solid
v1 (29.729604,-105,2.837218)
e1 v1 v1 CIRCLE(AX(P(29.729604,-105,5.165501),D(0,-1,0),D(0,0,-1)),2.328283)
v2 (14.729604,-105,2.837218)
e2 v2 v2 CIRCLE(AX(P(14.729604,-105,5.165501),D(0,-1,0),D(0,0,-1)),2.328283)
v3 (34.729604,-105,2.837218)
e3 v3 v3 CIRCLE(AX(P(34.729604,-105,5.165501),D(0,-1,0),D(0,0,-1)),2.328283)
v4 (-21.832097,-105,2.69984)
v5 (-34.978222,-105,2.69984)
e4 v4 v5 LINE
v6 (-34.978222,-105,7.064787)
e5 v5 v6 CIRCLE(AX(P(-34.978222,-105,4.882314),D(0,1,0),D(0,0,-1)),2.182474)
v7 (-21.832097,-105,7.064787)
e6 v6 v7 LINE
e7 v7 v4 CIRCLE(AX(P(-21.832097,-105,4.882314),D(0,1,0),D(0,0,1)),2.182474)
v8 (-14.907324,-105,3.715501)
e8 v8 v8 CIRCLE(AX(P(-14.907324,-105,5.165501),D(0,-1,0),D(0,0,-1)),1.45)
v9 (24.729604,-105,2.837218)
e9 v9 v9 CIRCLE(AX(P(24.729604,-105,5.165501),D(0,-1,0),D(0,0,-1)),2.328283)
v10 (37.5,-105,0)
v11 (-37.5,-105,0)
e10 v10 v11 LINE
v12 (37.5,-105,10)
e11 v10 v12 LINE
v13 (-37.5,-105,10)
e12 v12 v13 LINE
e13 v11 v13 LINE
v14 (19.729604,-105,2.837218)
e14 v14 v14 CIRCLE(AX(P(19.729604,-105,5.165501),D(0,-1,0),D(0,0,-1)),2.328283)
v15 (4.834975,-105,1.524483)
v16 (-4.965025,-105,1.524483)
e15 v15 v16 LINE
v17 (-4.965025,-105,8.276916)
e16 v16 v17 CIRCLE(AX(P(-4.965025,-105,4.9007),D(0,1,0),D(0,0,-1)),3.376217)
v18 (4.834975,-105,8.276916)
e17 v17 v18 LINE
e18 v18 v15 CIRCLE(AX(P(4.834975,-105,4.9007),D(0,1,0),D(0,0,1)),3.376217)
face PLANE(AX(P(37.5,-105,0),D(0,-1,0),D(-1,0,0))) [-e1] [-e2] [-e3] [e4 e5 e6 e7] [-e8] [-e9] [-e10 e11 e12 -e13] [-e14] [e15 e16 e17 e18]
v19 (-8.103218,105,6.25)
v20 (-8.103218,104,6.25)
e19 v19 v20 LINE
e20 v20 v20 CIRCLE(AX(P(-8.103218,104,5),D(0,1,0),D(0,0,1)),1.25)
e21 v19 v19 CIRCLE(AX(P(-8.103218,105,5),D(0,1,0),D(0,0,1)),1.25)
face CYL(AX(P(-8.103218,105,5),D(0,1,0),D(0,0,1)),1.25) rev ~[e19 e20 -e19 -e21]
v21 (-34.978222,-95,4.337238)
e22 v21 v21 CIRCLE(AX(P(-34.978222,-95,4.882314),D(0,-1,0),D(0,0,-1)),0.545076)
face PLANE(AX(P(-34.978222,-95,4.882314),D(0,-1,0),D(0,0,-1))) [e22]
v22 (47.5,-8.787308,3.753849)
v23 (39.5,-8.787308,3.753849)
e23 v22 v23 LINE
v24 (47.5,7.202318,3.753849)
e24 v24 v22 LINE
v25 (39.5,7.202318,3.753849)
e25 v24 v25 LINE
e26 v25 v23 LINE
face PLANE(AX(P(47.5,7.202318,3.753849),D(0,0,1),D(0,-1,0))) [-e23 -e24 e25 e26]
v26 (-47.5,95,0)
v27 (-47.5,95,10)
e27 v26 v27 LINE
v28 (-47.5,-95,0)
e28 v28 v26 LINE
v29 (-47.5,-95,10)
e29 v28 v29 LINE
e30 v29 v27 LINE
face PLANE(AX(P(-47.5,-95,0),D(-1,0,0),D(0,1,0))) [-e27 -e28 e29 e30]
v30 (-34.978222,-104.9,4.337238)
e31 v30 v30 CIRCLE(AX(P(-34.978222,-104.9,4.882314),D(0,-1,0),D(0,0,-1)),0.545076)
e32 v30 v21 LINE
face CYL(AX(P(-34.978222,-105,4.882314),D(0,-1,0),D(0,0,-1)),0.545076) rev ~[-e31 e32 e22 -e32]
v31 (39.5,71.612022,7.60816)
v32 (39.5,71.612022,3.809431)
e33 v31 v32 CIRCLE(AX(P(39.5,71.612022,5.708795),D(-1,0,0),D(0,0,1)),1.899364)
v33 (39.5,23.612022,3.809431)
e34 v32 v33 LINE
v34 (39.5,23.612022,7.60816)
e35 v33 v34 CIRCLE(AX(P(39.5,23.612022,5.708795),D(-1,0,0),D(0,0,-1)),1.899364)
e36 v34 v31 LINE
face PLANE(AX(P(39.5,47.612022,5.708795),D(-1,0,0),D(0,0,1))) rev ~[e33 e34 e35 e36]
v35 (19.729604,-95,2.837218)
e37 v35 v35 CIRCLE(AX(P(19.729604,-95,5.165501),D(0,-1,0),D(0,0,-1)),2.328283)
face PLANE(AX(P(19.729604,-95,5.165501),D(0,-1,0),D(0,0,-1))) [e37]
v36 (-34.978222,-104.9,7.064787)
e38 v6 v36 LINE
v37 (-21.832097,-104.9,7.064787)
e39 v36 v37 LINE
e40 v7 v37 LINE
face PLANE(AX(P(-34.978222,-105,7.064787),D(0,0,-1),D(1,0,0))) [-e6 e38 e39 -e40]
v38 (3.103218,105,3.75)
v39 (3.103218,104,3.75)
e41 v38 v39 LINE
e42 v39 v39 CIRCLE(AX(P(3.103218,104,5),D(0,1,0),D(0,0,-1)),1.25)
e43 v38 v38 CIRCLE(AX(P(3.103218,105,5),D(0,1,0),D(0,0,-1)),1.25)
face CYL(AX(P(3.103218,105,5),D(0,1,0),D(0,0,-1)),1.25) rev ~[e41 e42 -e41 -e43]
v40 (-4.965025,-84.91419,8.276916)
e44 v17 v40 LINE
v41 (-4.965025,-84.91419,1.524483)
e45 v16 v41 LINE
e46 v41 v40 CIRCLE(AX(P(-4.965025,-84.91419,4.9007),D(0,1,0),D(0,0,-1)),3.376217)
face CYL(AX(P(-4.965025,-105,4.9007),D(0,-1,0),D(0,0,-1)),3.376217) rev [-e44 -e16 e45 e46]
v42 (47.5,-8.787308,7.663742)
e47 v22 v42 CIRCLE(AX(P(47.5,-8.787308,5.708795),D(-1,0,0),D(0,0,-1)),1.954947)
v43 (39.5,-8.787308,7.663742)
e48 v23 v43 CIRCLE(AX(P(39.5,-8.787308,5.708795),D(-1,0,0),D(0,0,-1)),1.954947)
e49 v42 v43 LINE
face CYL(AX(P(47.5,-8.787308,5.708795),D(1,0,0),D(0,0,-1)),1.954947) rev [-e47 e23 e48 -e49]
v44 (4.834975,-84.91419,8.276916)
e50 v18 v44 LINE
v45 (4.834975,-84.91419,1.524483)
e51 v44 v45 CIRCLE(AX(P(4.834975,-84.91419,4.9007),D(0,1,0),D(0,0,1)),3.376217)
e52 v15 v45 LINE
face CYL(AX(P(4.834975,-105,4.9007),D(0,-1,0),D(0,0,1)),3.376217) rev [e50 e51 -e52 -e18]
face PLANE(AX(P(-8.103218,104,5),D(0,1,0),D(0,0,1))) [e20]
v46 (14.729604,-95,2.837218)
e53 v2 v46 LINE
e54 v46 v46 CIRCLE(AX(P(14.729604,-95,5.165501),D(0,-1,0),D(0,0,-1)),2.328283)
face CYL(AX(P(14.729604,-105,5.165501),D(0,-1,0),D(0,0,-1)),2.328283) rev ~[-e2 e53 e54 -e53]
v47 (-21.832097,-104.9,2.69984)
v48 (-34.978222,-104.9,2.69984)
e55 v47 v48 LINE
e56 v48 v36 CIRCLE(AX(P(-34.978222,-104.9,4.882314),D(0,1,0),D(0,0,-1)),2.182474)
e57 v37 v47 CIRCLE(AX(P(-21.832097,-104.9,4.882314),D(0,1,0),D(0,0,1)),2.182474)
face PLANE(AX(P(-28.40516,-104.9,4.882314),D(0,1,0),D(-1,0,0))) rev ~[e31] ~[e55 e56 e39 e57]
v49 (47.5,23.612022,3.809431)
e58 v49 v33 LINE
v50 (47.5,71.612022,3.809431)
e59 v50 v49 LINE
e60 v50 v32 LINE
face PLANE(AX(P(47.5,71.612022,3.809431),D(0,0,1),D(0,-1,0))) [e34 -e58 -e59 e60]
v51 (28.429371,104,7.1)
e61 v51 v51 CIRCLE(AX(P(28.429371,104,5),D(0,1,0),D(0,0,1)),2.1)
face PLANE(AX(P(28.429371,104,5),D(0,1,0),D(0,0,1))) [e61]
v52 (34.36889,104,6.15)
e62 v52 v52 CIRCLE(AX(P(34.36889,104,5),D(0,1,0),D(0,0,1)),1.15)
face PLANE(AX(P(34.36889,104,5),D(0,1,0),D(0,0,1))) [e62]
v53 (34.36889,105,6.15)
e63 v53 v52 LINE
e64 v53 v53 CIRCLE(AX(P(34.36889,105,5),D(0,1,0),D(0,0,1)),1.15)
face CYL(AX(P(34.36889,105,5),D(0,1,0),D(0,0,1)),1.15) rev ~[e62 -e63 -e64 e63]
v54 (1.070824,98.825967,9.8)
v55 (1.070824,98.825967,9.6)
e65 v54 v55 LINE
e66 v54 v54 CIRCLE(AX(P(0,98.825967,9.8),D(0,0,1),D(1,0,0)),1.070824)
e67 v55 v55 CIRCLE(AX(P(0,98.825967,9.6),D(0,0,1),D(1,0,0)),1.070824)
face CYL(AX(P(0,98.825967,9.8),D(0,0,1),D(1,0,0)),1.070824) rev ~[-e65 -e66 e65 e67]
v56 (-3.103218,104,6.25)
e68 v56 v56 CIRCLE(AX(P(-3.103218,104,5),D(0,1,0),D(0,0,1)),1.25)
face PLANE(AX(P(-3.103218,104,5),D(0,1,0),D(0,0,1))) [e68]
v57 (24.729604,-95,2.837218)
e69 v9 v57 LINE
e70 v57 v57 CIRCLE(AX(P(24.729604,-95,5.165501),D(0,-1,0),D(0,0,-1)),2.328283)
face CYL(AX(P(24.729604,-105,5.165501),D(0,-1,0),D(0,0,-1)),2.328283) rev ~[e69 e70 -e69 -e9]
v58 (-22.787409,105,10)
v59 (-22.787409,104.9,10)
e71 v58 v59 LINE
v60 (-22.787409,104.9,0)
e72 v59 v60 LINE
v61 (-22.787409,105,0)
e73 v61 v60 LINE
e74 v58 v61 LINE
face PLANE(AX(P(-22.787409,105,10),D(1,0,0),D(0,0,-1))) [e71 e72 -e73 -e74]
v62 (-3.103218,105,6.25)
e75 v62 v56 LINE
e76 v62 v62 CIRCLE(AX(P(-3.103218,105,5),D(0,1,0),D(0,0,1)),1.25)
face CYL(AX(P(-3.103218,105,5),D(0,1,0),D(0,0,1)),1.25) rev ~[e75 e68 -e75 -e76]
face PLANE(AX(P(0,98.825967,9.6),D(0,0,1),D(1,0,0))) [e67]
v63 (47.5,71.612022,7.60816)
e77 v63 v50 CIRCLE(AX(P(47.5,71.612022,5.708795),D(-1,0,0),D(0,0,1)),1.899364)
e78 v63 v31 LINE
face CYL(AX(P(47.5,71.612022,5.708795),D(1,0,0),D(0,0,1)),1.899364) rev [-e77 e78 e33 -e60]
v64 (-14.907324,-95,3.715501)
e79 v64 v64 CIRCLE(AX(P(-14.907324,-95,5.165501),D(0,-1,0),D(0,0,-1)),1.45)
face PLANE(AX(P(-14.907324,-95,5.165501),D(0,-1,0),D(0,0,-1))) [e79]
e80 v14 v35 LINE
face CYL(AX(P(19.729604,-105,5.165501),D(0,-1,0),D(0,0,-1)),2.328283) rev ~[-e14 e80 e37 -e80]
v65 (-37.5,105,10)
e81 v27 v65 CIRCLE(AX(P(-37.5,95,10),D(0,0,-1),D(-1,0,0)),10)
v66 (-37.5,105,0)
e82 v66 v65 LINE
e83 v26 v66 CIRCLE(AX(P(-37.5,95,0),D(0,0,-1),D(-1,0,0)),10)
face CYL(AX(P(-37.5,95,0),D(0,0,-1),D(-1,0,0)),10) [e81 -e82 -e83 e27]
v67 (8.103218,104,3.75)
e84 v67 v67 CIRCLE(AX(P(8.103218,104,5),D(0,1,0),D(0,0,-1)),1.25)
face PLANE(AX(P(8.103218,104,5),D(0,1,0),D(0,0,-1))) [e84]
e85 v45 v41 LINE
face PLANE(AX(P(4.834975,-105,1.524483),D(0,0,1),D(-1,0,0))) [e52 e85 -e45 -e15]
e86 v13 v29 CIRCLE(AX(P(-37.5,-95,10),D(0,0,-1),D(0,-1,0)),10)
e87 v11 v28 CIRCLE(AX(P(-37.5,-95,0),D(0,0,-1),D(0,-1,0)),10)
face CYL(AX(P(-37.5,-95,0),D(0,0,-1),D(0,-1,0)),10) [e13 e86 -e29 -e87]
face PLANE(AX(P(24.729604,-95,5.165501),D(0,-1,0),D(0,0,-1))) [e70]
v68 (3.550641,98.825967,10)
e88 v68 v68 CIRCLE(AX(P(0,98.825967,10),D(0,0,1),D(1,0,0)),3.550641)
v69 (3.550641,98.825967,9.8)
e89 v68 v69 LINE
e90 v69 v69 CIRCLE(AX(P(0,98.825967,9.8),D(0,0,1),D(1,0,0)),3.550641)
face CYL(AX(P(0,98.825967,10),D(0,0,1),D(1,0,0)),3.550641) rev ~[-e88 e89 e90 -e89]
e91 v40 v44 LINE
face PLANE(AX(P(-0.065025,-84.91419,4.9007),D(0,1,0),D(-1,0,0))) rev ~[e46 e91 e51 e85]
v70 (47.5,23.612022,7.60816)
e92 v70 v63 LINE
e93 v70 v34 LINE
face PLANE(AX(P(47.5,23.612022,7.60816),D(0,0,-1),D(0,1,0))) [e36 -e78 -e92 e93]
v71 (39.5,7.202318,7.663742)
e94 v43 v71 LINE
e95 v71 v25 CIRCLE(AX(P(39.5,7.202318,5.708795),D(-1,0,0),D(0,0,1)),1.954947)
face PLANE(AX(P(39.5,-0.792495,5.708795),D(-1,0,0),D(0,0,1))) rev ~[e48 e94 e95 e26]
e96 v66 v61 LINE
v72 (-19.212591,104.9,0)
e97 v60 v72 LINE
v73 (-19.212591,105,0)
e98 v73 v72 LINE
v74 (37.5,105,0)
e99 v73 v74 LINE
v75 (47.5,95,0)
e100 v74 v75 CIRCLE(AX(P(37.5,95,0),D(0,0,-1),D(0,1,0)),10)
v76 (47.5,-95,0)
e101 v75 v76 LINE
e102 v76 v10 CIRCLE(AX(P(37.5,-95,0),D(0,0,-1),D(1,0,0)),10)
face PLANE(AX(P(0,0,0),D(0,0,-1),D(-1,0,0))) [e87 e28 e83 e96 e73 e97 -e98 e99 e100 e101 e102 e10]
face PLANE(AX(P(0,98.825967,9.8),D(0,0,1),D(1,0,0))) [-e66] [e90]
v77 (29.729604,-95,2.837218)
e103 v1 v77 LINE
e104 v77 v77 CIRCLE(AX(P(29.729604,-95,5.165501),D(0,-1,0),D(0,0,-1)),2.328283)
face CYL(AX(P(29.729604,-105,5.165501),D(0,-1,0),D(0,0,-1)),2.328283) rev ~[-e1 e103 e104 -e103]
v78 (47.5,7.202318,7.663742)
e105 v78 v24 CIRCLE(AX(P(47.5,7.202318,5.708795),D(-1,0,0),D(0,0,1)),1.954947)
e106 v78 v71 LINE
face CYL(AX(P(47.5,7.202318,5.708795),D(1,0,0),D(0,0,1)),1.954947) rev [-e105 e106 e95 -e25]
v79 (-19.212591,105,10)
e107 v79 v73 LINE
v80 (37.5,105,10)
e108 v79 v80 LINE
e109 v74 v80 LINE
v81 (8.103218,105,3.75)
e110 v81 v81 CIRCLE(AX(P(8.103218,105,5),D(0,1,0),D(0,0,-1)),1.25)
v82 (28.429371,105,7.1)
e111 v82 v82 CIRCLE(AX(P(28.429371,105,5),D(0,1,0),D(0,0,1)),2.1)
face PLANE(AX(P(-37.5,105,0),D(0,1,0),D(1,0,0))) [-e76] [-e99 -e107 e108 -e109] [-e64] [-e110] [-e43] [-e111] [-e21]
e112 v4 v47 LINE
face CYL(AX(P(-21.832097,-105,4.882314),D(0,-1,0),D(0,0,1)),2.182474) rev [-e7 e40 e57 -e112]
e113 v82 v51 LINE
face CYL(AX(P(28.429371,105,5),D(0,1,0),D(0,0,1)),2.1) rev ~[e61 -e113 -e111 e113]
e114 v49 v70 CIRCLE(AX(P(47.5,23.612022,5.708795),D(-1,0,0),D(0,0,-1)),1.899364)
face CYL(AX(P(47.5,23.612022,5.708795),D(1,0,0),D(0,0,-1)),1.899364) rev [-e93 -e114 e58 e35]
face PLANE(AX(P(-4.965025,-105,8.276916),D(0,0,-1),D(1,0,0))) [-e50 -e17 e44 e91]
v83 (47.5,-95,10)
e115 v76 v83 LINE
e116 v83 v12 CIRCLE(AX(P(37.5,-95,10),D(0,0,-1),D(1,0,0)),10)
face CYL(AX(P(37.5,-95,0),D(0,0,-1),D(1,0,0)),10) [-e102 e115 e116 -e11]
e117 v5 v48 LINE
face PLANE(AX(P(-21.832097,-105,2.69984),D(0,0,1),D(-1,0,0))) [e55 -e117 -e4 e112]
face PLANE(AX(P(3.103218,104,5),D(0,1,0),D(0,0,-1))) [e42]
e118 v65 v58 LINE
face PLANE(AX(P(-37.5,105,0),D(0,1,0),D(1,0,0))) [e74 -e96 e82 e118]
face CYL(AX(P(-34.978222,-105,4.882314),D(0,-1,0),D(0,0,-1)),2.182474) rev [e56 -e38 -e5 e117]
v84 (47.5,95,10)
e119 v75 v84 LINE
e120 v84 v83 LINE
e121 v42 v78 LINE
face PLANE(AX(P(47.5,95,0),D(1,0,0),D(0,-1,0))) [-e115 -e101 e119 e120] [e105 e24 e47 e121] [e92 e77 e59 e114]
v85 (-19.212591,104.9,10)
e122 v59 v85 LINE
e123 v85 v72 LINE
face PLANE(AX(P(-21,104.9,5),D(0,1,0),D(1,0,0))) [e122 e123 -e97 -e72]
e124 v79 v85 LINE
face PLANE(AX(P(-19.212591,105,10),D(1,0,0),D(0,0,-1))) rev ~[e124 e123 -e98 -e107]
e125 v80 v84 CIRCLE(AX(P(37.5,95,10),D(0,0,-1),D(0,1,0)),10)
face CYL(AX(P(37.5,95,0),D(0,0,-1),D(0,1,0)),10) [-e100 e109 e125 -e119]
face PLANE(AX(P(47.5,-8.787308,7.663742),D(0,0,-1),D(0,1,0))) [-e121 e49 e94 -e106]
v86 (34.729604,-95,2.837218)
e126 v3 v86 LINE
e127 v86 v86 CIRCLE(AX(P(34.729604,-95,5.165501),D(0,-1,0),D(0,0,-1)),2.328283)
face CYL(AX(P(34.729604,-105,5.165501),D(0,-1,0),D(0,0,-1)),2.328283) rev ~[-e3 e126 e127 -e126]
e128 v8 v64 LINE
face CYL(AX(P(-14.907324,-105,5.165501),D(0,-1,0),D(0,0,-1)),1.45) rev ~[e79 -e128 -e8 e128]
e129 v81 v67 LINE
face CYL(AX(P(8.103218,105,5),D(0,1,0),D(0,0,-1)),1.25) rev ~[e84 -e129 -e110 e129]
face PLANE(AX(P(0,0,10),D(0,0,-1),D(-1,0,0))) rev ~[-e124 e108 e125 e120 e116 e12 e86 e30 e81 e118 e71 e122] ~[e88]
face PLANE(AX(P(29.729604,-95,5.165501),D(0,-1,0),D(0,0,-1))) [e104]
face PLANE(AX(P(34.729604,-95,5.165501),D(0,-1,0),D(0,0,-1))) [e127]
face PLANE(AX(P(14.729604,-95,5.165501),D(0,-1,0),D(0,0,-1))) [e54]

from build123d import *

# Parameters (mm, degrees)
EXTRUDE_2_DEPTH      = 10
SKETCH_10_R          = 1.25
SKETCH_10_R_2        = 2.1
SKETCH_10_R_3        = 1.15
CUT_EXTRUDE_3_DEPTH  = 1
CUT_EXTRUDE_4_DEPTH  = 20.085810478
SKETCH_16_R          = 1.45
SKETCH_16_R_2        = 2.328282895
CUT_EXTRUDE_6_DEPTH  = 10
SKETCH_18_R          = 0.54507581
CUT_EXTRUDE_7_DEPTH  = 10
CUT_EXTRUDE_8_DEPTH  = 8
SKETCH_22_R          = 3.550641332
CUT_EXTRUDE_9_DEPTH  = 0.2
SKETCH_23_R          = 1.070824202
CUT_EXTRUDE_10_DEPTH = 0.2
CUT_EXTRUDE_11_DEPTH = 0.1
SKETCH_8_W           = 3.574817698
SKETCH_8_H           = 10
CUT_EXTRUDE_13_DEPTH = 0.1


with BuildPart() as part:
    # 草图1 → 凸台-拉伸2 (new body)
    with BuildSketch(Plane.XY):
        with BuildLine():
            Line((-37.5, 105), (37.5, 105))
            ThreePointArc((37.5, 105), (44.571067812, 102.071067812), (47.5, 95))
            Line((47.5, 95), (47.5, -95))
            ThreePointArc((47.5, -95), (44.571067812, -102.071067812), (37.5, -105))
            Line((37.5, -105), (-37.5, -105))
            ThreePointArc((-37.5, -105), (-44.571067812, -102.071067812), (-47.5, -95))
            Line((-47.5, -95), (-47.5, 95))
            ThreePointArc((-47.5, 95), (-44.571067812, 102.071067812), (-37.5, 105))
        make_face()
    extrude(amount=EXTRUDE_2_DEPTH)

    # 草图10 → 切除-拉伸3 (cut)
    with BuildSketch(Plane(origin=(0, 105, 0), x_dir=(1, 0, 0), z_dir=(0, 1, 0))):
        with Locations(Location((-3.103218147, -5, 0), (0, 0, 270))):
            Circle(SKETCH_10_R)
        with Locations(Location((-8.103218147, -5, 0), (0, 0, 270))):
            Circle(SKETCH_10_R)
        with Locations(Location((8.103218147, -5, 0), (0, 0, 90))):
            Circle(SKETCH_10_R)
        with Locations(Location((3.103218147, -5, 0), (0, 0, 90))):
            Circle(SKETCH_10_R)
        with Locations(Location((28.429371283, -5, 0), (0, 0, 270))):
            Circle(SKETCH_10_R_2)
        with Locations(Location((34.368889588, -5, 0), (0, 0, 270))):
            Circle(SKETCH_10_R_3)
    extrude(amount=-CUT_EXTRUDE_3_DEPTH, mode=Mode.SUBTRACT)

    # 草图14 → 切除-拉伸4 (cut)
    with BuildSketch(Plane.XZ.offset(105)):
        with BuildLine():
            Line((-4.965024582, 8.276916224), (4.834975418, 8.276916224))
            ThreePointArc((4.834975418, 8.276916224), (8.211192134, 4.900699508), (4.834975418, 1.524482793))
            Line((4.834975418, 1.524482793), (-4.965024582, 1.524482793))
            ThreePointArc((-4.965024582, 1.524482793), (-8.341241297, 4.900699508), (-4.965024582, 8.276916224))
        make_face()
    extrude(amount=-CUT_EXTRUDE_4_DEPTH, mode=Mode.SUBTRACT)

    # 草图16 → 切除-拉伸6 (cut)
    with BuildSketch(Plane.XZ.offset(105)):
        with Locations(Location((-14.907323762, 5.165500819, 0), (0, 0, 270))):
            Circle(SKETCH_16_R)
        with Locations(Location((14.729603626, 5.165500819, 0), (0, 0, 270))):
            Circle(SKETCH_16_R_2)
        with Locations(Location((19.729603626, 5.165500819, 0), (0, 0, 270))):
            Circle(SKETCH_16_R_2)
        with Locations(Location((24.729603626, 5.165500819, 0), (0, 0, 270))):
            Circle(SKETCH_16_R_2)
        with Locations(Location((29.729603626, 5.165500819, 0), (0, 0, 270))):
            Circle(SKETCH_16_R_2)
        with Locations(Location((34.729603626, 5.165500819, 0), (0, 0, 270))):
            Circle(SKETCH_16_R_2)
    extrude(amount=-CUT_EXTRUDE_6_DEPTH, mode=Mode.SUBTRACT)

    # 草图18 → 切除-拉伸7 (cut)
    with BuildSketch(Plane.XZ.offset(105)):
        with Locations(Location((-34.978222052, 4.882313786, 0), (0, 0, 270))):
            Circle(SKETCH_18_R)
    extrude(amount=-CUT_EXTRUDE_7_DEPTH, mode=Mode.SUBTRACT)

    # 草图21 → 切除-拉伸8 (cut)
    with BuildSketch(Plane(origin=(47.5, 0, 0), x_dir=(0, 0, -1), z_dir=(1, 0, 0))):
        with BuildLine():
            Line((-3.80943092, 71.612022187), (-3.80943092, 23.612022187))
            ThreePointArc((-3.80943092, 23.612022187), (-5.70879523, 21.712657877), (-7.60815954, 23.612022187))
            Line((-7.60815954, 23.612022187), (-7.60815954, 71.612022187))
            ThreePointArc((-7.60815954, 71.612022187), (-5.70879523, 73.511386497), (-3.80943092, 71.612022187))
        make_face()
        with BuildLine():
            Line((-3.753848509, 7.202317814), (-3.753848509, -8.787308396))
            ThreePointArc((-3.753848509, -8.787308396), (-5.70879523, -10.742255117), (-7.663741952, -8.787308396))
            Line((-7.663741952, -8.787308396), (-7.663741952, 7.202317814))
            ThreePointArc((-7.663741952, 7.202317814), (-5.70879523, 9.157264535), (-3.753848509, 7.202317814))
        make_face()
    extrude(amount=-CUT_EXTRUDE_8_DEPTH, mode=Mode.SUBTRACT)

    # 草图22 → 切除-拉伸9 (cut)
    with BuildSketch(Plane.XY.offset(10)):
        with Locations((0, 98.825967342)):
            Circle(SKETCH_22_R)
    extrude(amount=-CUT_EXTRUDE_9_DEPTH, mode=Mode.SUBTRACT)

    # 草图23 → 切除-拉伸10 (cut)
    with BuildSketch(Plane.XY.offset(9.8)):
        with Locations((0, 98.825967342)):
            Circle(SKETCH_23_R)
    extrude(amount=-CUT_EXTRUDE_10_DEPTH, mode=Mode.SUBTRACT)

    # 草图19 → 切除-拉伸11 (cut)
    with BuildSketch(Plane.XZ.offset(105)):
        with BuildLine():
            Line((-34.978222052, 7.064787425), (-21.832097418, 7.064787425))
            ThreePointArc((-21.832097418, 7.064787425), (-19.64962378, 4.882313786), (-21.832097418, 2.699840148))
            Line((-21.832097418, 2.699840148), (-34.978222052, 2.699840148))
            ThreePointArc((-34.978222052, 2.699840148), (-37.160695691, 4.882313786), (-34.978222052, 7.064787425))
        make_face()
    extrude(amount=-CUT_EXTRUDE_11_DEPTH, mode=Mode.SUBTRACT)

    # 草图8 → 切除-拉伸13 (cut)
    with BuildSketch(Plane(origin=(0, 105, 0), x_dir=(1, 0, 0), z_dir=(0, 1, 0))):
        with Locations((-21, -5)):
            Rectangle(SKETCH_8_W, SKETCH_8_H)
    extrude(amount=-CUT_EXTRUDE_13_DEPTH, mode=Mode.SUBTRACT)


solid = part.part
